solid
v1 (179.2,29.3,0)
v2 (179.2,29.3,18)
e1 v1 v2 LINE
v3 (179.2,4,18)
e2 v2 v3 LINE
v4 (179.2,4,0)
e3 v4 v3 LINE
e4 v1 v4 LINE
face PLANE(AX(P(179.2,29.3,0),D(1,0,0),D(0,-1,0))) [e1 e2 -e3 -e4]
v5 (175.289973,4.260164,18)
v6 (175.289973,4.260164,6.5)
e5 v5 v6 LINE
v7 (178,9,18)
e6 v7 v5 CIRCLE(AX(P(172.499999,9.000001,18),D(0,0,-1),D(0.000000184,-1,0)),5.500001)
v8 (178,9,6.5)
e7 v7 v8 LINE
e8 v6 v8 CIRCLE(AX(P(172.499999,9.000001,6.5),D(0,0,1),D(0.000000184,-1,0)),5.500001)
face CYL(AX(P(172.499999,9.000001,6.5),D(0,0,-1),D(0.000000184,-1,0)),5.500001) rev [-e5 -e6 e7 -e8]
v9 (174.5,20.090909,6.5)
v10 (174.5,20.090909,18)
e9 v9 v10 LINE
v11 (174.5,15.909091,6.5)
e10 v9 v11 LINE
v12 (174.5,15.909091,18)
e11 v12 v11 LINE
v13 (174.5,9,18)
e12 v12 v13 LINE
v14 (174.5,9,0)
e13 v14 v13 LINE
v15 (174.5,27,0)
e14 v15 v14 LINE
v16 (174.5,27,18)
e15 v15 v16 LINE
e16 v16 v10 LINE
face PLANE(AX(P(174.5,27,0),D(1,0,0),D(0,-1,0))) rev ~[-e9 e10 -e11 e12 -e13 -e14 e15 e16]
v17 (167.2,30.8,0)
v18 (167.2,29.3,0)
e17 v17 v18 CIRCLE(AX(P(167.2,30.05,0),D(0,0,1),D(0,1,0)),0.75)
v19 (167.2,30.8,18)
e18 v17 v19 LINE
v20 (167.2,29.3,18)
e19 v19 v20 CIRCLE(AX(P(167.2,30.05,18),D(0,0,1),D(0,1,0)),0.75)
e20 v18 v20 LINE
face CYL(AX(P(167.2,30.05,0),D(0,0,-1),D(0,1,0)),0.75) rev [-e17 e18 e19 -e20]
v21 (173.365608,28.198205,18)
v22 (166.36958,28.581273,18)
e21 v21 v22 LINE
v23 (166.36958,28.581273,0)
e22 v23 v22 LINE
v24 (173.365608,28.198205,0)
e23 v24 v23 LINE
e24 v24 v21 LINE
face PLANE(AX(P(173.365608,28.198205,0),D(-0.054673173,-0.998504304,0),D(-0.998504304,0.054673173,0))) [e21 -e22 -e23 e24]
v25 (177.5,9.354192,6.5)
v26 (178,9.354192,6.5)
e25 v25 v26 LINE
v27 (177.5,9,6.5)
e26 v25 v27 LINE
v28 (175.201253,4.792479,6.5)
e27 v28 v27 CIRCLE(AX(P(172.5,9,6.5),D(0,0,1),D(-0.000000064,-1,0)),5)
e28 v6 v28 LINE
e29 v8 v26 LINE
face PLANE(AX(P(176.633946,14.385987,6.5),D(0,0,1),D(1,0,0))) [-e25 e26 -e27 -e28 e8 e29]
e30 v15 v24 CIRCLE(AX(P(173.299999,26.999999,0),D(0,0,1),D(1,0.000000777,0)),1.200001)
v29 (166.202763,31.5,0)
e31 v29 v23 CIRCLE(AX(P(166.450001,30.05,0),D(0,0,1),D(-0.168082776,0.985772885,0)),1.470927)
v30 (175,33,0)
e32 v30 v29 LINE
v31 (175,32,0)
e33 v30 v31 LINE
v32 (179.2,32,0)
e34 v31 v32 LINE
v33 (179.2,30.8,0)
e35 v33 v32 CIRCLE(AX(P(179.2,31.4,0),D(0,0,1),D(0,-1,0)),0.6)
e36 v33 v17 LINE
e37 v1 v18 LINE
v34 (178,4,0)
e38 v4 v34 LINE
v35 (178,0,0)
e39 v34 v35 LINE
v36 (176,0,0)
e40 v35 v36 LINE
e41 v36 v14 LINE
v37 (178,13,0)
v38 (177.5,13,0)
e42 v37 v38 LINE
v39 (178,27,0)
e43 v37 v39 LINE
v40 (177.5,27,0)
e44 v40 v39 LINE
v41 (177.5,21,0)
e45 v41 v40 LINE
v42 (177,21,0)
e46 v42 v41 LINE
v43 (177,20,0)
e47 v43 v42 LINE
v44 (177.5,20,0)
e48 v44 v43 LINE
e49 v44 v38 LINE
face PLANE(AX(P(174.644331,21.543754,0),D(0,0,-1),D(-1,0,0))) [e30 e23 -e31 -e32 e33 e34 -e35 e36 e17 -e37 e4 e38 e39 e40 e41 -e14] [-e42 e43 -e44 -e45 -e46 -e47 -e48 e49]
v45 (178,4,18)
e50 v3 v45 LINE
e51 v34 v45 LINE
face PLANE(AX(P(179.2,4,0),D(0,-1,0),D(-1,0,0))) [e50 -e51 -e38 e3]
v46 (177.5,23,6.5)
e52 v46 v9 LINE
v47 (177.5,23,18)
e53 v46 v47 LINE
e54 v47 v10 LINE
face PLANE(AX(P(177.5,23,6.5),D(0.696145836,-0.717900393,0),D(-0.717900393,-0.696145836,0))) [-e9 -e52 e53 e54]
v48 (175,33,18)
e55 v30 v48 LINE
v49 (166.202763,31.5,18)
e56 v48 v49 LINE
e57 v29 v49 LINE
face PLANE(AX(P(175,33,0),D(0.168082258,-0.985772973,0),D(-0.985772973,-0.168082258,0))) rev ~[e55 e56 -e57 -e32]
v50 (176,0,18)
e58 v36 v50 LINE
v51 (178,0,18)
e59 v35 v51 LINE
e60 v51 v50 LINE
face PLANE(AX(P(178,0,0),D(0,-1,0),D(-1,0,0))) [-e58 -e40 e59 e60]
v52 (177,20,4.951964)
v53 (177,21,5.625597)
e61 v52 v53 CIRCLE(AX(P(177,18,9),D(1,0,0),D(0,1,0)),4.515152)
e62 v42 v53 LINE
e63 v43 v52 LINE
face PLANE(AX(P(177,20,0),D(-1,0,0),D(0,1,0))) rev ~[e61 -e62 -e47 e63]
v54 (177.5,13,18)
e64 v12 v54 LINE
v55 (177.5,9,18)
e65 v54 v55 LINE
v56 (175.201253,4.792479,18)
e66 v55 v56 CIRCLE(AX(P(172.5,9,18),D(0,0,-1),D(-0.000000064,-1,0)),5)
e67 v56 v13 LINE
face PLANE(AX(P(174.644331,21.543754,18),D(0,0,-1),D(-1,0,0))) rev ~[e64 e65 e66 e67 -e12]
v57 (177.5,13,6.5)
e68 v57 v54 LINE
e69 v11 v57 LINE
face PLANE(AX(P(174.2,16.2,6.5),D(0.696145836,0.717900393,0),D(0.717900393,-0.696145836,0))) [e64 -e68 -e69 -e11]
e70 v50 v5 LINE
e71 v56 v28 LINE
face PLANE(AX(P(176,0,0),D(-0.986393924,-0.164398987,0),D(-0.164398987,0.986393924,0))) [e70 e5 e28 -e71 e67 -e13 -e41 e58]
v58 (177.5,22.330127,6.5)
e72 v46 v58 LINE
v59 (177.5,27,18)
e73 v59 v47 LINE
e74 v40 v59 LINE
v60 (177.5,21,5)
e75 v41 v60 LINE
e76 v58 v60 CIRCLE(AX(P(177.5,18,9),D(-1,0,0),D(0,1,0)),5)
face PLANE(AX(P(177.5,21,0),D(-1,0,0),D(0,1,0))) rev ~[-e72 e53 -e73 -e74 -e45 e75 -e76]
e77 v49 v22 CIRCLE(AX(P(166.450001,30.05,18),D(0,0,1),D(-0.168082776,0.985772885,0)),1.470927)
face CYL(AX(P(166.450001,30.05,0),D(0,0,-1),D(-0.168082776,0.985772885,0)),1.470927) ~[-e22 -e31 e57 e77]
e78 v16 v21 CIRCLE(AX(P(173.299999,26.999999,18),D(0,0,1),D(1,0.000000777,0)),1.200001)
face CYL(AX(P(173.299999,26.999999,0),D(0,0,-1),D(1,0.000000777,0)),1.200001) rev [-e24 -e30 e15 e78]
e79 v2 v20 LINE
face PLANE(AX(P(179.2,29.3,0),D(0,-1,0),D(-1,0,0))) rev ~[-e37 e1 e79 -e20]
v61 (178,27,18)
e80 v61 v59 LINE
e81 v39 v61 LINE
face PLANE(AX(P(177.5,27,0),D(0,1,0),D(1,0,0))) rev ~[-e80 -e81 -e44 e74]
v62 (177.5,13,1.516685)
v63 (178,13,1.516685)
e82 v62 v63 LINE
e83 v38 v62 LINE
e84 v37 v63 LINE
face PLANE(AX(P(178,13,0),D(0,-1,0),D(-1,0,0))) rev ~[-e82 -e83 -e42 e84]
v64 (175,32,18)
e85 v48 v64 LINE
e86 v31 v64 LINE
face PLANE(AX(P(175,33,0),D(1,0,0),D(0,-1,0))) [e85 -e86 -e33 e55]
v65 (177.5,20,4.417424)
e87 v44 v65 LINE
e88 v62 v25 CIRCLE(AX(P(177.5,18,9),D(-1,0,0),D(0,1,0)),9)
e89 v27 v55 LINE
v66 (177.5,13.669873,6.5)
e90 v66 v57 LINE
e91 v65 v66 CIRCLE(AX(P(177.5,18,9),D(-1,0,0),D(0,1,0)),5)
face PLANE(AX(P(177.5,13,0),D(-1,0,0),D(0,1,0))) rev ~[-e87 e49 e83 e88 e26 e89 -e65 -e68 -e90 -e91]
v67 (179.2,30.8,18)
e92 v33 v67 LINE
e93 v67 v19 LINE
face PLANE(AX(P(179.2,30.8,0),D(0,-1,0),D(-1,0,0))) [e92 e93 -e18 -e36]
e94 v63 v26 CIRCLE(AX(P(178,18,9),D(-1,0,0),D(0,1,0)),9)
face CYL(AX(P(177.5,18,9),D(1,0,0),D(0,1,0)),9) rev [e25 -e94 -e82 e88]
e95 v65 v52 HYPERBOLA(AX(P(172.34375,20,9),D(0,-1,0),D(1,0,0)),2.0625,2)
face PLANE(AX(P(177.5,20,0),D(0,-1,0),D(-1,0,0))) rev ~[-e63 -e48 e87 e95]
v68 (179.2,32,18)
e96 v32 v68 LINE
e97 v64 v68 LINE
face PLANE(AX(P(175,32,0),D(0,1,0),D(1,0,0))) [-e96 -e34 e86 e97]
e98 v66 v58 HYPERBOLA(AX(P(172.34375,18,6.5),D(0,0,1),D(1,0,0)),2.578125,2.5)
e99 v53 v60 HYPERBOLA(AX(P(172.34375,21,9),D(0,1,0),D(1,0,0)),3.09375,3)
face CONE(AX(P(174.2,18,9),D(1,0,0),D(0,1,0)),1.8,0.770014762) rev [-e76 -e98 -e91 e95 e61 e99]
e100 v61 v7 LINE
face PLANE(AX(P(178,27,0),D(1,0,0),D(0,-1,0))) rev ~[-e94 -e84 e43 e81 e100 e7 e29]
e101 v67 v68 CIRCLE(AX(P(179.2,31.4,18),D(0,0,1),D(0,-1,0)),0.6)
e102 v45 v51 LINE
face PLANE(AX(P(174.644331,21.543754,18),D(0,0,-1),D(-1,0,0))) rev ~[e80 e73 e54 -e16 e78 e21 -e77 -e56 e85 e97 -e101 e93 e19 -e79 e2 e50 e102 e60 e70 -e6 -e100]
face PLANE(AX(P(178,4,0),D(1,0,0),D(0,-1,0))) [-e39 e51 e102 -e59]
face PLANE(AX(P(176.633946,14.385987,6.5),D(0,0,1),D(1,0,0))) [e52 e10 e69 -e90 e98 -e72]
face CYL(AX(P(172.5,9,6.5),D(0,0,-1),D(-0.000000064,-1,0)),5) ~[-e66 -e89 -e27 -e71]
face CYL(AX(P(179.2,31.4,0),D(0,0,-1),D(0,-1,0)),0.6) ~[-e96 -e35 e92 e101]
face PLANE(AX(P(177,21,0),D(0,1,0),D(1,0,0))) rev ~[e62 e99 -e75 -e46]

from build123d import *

# Parameters (mm, degrees)
PAD006_DEPTH    = 18
POCKET004_DEPTH = 18
POCKET005_DEPTH = 18


with BuildPart() as part:
    # Sketch010 → Pad006 (new body)
    with BuildSketch(Plane.XY):
        with BuildLine():
            Line((178, 0), (176, 0))
            Line((176, 0), (174.5, 9))
            Line((174.5, 27), (174.5, 9))
            ThreePointArc((174.5, 27), (174.171415, 27.825006), (173.365608, 28.198205))
            Line((173.365608, 28.198205), (166.36958, 28.581273))
            ThreePointArc((166.202763, 31.5), (164.98147, 29.966068), (166.36958, 28.581273))
            Line((175, 33), (166.202763, 31.5))
            Line((175, 33), (175, 32))
            Line((175, 32), (179.2, 32))
            ThreePointArc((179.2, 30.8), (179.8, 31.4), (179.2, 32))
            Line((179.2, 30.8), (167.2, 30.8))
            ThreePointArc((167.2, 30.8), (166.45, 30.05), (167.2, 29.3))
            Line((179.2, 29.3), (167.2, 29.3))
            Line((179.2, 29.3), (179.2, 4))
            Line((179.2, 4), (178, 4))
            Line((178, 4), (178, 0))
        make_face()
    extrude(amount=PAD006_DEPTH)

    # Sketch011 → Groove001 (revolve, cut)
    with BuildSketch(Plane.XY.offset(9)):
        Polygon((174.2, 18), (174.2, 19.8), (177.5, 23), (177.5, 27), (178, 27), (178, 18), align=None)
    revolve(axis=Axis((0, 18, 9), (-1, 0, 0)), mode=Mode.SUBTRACT)

    # Sketch012 → Pocket004 (cut)
    with BuildSketch(Plane.XY.offset(6.5)):
        with BuildLine():
            Line((178, 27), (177.5, 27))
            Line((177.5, 27), (177.5, 23))
            Line((177.5, 23), (174.2, 19.8))
            Line((174.2, 19.8), (174.2, 16.2))
            Line((174.2, 16.2), (177.5, 13))
            Line((177.5, 13), (177.5, 9))
            ThreePointArc((172.5, 4), (176.035534, 5.464466), (177.5, 9))
            Line((172.5, 4), (172.5, 3.5))
            ThreePointArc((172.5, 3.5), (176.389087, 5.110913), (178, 9))
            Line((178, 9), (178, 27))
        make_face()
    extrude(amount=POCKET004_DEPTH, mode=Mode.SUBTRACT)

    # Sketch013 → Pocket005 (cut)
    with BuildSketch(Plane.XY):
        Polygon((177.5, 27), (178, 27), (178, 13), (177.5, 13), (177.5, 20), (177, 20), (177, 21), (177.5, 21), align=None)
    extrude(amount=POCKET005_DEPTH, mode=Mode.SUBTRACT)


solid = part.part
